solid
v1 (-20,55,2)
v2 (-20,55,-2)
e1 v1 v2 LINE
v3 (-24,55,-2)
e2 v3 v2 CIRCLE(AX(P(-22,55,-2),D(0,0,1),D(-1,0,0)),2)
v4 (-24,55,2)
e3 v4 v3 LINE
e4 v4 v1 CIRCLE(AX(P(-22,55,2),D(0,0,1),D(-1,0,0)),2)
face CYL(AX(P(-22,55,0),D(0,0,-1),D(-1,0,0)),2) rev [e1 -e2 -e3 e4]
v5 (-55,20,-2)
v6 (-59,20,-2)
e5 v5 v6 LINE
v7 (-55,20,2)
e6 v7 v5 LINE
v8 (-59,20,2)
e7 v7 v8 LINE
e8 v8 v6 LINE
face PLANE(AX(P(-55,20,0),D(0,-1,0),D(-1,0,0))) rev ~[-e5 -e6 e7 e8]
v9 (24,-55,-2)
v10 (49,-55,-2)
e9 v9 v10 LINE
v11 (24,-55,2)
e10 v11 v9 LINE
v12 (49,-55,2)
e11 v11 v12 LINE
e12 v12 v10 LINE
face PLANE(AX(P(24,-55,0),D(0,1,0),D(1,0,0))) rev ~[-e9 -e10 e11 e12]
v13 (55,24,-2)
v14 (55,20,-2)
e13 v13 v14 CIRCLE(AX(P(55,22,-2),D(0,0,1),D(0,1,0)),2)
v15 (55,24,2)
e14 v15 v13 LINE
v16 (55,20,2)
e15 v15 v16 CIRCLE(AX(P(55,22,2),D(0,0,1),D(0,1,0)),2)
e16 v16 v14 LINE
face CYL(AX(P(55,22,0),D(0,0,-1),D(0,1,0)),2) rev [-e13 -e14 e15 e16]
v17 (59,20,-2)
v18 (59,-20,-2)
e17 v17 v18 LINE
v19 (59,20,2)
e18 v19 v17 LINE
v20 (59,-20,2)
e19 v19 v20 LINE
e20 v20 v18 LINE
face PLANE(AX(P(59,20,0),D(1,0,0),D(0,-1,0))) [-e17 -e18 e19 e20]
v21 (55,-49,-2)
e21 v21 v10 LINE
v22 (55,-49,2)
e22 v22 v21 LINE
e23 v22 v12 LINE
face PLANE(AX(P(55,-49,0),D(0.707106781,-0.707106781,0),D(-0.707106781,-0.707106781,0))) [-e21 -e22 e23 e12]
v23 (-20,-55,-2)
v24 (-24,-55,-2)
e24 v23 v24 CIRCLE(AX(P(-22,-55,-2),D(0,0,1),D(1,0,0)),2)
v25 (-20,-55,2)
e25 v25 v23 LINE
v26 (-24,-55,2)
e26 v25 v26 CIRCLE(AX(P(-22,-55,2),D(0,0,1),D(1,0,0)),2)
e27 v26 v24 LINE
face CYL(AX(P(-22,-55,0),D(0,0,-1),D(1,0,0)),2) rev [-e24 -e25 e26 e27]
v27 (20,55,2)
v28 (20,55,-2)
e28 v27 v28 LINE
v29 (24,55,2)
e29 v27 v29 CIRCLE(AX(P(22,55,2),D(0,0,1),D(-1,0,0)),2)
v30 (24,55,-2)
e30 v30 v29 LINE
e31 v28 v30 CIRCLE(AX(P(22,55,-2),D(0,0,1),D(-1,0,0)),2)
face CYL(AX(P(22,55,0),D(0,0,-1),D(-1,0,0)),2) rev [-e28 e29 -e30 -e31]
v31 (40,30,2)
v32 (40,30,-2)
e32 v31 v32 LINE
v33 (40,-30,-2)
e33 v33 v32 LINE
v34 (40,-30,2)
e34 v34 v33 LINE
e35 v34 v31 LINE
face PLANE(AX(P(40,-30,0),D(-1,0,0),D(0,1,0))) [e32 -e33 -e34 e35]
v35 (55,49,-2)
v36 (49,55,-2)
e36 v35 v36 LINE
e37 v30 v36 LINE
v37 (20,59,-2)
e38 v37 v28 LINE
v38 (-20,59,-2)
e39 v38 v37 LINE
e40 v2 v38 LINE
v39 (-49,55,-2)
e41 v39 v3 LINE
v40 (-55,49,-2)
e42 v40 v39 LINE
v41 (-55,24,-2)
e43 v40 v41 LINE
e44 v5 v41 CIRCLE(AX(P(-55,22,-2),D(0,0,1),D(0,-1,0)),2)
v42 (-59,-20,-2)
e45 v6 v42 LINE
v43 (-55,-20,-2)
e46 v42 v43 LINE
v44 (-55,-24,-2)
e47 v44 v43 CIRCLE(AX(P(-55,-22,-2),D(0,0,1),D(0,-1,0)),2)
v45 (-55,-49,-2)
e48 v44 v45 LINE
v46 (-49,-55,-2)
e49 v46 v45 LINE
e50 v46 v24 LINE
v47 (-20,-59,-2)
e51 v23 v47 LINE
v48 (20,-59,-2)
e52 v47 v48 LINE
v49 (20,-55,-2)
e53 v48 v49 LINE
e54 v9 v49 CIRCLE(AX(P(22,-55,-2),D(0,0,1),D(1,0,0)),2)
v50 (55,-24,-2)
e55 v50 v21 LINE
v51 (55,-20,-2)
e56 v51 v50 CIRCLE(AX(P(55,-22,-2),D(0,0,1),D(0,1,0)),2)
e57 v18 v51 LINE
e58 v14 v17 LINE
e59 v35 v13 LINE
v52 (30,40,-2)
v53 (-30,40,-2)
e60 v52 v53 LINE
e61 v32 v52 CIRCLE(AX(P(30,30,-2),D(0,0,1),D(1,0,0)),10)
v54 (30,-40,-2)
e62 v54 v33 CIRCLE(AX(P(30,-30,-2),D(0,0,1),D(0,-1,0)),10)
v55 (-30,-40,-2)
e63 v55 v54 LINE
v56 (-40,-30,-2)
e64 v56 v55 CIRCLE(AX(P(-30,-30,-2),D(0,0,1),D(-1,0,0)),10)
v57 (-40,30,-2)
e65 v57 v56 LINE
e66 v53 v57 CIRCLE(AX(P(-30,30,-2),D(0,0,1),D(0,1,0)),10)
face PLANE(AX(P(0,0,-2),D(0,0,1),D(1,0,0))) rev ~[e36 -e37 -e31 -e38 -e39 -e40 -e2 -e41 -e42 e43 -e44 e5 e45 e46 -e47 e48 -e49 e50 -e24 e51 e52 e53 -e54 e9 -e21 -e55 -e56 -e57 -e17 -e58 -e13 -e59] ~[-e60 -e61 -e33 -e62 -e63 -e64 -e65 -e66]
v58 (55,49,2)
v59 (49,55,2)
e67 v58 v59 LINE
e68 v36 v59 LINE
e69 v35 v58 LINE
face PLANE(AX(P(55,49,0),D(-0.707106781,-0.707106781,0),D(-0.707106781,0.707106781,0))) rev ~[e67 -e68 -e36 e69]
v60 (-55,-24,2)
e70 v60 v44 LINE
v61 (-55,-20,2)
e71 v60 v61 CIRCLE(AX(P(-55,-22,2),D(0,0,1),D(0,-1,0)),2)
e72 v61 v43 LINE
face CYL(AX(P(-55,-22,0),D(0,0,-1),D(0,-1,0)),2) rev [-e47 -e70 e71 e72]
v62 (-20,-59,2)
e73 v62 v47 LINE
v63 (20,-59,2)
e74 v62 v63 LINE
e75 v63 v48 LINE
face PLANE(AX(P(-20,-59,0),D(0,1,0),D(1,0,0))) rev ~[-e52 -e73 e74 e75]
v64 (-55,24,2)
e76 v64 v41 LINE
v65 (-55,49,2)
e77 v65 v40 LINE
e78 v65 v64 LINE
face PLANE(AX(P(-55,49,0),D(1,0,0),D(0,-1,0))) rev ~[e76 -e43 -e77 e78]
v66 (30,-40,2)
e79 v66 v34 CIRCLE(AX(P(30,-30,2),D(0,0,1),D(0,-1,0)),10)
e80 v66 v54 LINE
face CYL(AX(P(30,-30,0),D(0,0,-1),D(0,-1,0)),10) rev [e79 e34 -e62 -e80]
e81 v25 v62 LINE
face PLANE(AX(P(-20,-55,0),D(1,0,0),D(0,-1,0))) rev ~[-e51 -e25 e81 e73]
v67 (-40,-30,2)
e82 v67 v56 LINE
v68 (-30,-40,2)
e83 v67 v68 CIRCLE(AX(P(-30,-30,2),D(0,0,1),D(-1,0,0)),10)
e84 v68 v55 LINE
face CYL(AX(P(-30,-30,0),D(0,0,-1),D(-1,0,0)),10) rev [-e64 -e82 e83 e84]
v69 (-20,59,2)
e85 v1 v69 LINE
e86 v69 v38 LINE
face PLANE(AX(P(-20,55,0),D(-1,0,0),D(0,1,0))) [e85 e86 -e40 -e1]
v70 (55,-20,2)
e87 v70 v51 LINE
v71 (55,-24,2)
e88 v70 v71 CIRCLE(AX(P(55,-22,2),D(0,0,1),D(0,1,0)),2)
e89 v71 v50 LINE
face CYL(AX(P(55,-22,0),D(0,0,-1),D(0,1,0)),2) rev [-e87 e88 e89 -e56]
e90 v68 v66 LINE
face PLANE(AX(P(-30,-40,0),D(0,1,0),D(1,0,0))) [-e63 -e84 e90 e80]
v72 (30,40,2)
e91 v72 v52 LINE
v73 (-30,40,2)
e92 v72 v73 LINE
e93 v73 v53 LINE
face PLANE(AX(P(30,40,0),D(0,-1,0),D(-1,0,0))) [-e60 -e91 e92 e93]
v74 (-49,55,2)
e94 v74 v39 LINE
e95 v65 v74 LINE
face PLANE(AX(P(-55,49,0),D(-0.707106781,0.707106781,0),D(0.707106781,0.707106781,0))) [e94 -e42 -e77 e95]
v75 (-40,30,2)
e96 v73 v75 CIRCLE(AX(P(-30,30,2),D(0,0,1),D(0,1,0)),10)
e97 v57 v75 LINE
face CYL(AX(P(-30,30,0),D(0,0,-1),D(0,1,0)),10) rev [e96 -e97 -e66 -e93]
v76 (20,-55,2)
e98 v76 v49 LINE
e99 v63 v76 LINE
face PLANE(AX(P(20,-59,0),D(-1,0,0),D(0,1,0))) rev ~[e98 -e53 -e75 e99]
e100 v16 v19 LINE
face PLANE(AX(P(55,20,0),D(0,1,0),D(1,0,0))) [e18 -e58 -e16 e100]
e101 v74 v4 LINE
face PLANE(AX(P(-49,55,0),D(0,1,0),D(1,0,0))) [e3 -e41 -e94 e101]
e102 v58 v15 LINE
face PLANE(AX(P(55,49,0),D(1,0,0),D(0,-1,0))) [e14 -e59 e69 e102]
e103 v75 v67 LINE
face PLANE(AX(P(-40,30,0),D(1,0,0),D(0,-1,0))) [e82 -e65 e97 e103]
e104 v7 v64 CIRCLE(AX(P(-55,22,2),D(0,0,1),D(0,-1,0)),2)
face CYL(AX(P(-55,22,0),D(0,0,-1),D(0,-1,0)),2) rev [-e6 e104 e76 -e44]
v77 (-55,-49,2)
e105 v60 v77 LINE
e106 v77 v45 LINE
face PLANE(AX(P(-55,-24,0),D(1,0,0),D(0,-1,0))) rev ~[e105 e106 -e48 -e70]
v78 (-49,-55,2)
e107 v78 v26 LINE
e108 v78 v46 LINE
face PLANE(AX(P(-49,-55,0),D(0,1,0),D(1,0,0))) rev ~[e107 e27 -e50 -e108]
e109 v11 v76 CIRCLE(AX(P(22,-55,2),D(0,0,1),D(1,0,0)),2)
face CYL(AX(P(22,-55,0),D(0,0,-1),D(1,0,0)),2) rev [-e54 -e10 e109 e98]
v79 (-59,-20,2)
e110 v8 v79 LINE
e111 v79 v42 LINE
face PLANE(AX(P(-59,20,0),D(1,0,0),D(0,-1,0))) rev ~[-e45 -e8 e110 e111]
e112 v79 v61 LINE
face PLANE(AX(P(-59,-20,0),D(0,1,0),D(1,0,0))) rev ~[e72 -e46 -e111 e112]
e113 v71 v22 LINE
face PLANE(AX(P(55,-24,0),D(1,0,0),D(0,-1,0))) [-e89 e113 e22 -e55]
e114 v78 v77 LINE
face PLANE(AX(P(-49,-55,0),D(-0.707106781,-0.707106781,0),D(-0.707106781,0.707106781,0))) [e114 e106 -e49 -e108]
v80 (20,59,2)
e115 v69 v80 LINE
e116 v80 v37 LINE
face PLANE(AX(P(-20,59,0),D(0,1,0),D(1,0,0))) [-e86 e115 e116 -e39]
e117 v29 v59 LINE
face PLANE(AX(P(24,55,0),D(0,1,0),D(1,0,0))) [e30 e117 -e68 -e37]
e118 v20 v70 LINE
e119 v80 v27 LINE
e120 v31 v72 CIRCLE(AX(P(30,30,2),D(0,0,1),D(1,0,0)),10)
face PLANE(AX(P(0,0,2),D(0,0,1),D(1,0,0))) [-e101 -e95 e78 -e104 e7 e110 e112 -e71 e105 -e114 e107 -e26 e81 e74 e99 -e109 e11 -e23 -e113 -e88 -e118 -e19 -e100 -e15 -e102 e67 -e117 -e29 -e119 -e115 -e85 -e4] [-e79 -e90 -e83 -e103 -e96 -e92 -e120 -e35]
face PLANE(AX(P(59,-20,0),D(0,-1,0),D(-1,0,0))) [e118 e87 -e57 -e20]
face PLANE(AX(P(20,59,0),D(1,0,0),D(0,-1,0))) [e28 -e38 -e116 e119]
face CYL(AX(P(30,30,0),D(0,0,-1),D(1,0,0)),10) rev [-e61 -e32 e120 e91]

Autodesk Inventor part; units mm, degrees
ref_plane "YZ Plane" through (0, 0, 0) normal (1, 0, 0) x (0, 1, 0)
ref_plane "XZ Plane" through (0, 0, 0) normal (0, 1, 0) x (-1, 0, 0)
ref_plane "XY Plane" through (0, 0, 0) normal (0, 0, 1) x (1, 0, 0)
sketch "Boceto1" plane through (0, 0, 0) normal (0, 0, 1) x (1, 0, 0)
  line L0 (0, 82.4534) -> (0, -82.4534) construction
  line L1 (-81.8976, 0) -> (81.8976, 0) construction
  line L2 (55, 49) -> (55, 24)
  arc A0 (55, 24) -> (55, 20) centre (55, 22) ccw
  line L3 (55, 20) -> (59, 20)
  line L4 (59, 20) -> (59, -20)
  line L5 (59, -20) -> (55, -20)
  arc A1 (55, -20) -> (55, -24) centre (55, -22) ccw
  line L6 (55, -24) -> (55, -49)
  line L7 (-55, 49) -> (-55, 24)
  arc A2 (-55, 20) -> (-55, 24) centre (-55, 22) ccw
  line L8 (-55, 20) -> (-59, 20)
  line L9 (-59, 20) -> (-59, -20)
  line L10 (-59, -20) -> (-55, -20)
  arc A3 (-55, -24) -> (-55, -20) centre (-55, -22) ccw
  line L11 (-55, -24) -> (-55, -49)
  line L12 (-49, 55) -> (-24, 55)
  line L13 (24, 55) -> (49, 55)
  line L14 (-49, -55) -> (-24, -55)
  line L15 (24, -55) -> (49, -55)
  arc A4 (-24, 55) -> (-20, 55) centre (-22, 55) ccw
  line L16 (-20, 55) -> (-20, 59)
  line L17 (-20, 59) -> (20, 59)
  line L18 (20, 59) -> (20, 55)
  arc A5 (20, 55) -> (24, 55) centre (22, 55) ccw
  arc A6 (-20, -55) -> (-24, -55) centre (-22, -55) ccw
  line L19 (-20, -55) -> (-20, -59)
  line L20 (-20, -59) -> (20, -59)
  line L21 (20, -59) -> (20, -55)
  arc A7 (24, -55) -> (20, -55) centre (22, -55) ccw
  line L22 (-55, 49) -> (-49, 55)
  line L23 (55, 49) -> (49, 55)
  line L24 (55, -49) -> (49, -55)
  line L25 (-49, -55) -> (-55, -49)
  line L26 (-40, 30) -> (-40, -30)
  arc A8 (-40, -30) -> (-30, -40) centre (-30, -30) ccw
  line L27 (-30, -40) -> (30, -40)
  arc A9 (30, -40) -> (40, -30) centre (30, -30) ccw
  line L28 (40, -30) -> (40, 30)
  arc A10 (40, 30) -> (30, 40) centre (30, 30) ccw
  line L29 (30, 40) -> (-30, 40)
  arc A11 (-30, 40) -> (-40, 30) centre (-30, 30) ccw
  point P0 (0, 0)
  point P1 (0, 0)
  point P2 (55, 55)
  point P3 (55, -55)
  point P4 (-55, 55)
  point P5 (-55, -55)
  point P6 (55, -55)
  point P7 (-59, 0)
  point P8 (55, -55)
  point P9 (-40, 0)
  point P10 (0, 40)
  dimension "d0" = 110
  dimension "d1" = 40
  dimension "d2" = 2
  dimension "d3" = 110
  dimension "d7" = 4
  dimension "d8" = 6
  dimension "d9" = 6
  dimension "d10" = 6
  dimension "d11" = 6
  dimension "d12" = 6
  dimension "d13" = 6
  dimension "d14" = 6
  dimension "d15" = 6
  dimension "d16" = 15
  dimension "d17" = 10
extrude "Extrusión1" add sketch "Boceto1" along normal mid plane 4
equation "\"d9\" = d8"
equation "\"d10\" = d8"
equation "\"d11\" = d10"
equation "\"d12\" = d8"
equation "\"d13\" = d12"
equation "\"d14\" = d8"
equation "\"d15\" = d14"
properties part number "refuerzo interior"
